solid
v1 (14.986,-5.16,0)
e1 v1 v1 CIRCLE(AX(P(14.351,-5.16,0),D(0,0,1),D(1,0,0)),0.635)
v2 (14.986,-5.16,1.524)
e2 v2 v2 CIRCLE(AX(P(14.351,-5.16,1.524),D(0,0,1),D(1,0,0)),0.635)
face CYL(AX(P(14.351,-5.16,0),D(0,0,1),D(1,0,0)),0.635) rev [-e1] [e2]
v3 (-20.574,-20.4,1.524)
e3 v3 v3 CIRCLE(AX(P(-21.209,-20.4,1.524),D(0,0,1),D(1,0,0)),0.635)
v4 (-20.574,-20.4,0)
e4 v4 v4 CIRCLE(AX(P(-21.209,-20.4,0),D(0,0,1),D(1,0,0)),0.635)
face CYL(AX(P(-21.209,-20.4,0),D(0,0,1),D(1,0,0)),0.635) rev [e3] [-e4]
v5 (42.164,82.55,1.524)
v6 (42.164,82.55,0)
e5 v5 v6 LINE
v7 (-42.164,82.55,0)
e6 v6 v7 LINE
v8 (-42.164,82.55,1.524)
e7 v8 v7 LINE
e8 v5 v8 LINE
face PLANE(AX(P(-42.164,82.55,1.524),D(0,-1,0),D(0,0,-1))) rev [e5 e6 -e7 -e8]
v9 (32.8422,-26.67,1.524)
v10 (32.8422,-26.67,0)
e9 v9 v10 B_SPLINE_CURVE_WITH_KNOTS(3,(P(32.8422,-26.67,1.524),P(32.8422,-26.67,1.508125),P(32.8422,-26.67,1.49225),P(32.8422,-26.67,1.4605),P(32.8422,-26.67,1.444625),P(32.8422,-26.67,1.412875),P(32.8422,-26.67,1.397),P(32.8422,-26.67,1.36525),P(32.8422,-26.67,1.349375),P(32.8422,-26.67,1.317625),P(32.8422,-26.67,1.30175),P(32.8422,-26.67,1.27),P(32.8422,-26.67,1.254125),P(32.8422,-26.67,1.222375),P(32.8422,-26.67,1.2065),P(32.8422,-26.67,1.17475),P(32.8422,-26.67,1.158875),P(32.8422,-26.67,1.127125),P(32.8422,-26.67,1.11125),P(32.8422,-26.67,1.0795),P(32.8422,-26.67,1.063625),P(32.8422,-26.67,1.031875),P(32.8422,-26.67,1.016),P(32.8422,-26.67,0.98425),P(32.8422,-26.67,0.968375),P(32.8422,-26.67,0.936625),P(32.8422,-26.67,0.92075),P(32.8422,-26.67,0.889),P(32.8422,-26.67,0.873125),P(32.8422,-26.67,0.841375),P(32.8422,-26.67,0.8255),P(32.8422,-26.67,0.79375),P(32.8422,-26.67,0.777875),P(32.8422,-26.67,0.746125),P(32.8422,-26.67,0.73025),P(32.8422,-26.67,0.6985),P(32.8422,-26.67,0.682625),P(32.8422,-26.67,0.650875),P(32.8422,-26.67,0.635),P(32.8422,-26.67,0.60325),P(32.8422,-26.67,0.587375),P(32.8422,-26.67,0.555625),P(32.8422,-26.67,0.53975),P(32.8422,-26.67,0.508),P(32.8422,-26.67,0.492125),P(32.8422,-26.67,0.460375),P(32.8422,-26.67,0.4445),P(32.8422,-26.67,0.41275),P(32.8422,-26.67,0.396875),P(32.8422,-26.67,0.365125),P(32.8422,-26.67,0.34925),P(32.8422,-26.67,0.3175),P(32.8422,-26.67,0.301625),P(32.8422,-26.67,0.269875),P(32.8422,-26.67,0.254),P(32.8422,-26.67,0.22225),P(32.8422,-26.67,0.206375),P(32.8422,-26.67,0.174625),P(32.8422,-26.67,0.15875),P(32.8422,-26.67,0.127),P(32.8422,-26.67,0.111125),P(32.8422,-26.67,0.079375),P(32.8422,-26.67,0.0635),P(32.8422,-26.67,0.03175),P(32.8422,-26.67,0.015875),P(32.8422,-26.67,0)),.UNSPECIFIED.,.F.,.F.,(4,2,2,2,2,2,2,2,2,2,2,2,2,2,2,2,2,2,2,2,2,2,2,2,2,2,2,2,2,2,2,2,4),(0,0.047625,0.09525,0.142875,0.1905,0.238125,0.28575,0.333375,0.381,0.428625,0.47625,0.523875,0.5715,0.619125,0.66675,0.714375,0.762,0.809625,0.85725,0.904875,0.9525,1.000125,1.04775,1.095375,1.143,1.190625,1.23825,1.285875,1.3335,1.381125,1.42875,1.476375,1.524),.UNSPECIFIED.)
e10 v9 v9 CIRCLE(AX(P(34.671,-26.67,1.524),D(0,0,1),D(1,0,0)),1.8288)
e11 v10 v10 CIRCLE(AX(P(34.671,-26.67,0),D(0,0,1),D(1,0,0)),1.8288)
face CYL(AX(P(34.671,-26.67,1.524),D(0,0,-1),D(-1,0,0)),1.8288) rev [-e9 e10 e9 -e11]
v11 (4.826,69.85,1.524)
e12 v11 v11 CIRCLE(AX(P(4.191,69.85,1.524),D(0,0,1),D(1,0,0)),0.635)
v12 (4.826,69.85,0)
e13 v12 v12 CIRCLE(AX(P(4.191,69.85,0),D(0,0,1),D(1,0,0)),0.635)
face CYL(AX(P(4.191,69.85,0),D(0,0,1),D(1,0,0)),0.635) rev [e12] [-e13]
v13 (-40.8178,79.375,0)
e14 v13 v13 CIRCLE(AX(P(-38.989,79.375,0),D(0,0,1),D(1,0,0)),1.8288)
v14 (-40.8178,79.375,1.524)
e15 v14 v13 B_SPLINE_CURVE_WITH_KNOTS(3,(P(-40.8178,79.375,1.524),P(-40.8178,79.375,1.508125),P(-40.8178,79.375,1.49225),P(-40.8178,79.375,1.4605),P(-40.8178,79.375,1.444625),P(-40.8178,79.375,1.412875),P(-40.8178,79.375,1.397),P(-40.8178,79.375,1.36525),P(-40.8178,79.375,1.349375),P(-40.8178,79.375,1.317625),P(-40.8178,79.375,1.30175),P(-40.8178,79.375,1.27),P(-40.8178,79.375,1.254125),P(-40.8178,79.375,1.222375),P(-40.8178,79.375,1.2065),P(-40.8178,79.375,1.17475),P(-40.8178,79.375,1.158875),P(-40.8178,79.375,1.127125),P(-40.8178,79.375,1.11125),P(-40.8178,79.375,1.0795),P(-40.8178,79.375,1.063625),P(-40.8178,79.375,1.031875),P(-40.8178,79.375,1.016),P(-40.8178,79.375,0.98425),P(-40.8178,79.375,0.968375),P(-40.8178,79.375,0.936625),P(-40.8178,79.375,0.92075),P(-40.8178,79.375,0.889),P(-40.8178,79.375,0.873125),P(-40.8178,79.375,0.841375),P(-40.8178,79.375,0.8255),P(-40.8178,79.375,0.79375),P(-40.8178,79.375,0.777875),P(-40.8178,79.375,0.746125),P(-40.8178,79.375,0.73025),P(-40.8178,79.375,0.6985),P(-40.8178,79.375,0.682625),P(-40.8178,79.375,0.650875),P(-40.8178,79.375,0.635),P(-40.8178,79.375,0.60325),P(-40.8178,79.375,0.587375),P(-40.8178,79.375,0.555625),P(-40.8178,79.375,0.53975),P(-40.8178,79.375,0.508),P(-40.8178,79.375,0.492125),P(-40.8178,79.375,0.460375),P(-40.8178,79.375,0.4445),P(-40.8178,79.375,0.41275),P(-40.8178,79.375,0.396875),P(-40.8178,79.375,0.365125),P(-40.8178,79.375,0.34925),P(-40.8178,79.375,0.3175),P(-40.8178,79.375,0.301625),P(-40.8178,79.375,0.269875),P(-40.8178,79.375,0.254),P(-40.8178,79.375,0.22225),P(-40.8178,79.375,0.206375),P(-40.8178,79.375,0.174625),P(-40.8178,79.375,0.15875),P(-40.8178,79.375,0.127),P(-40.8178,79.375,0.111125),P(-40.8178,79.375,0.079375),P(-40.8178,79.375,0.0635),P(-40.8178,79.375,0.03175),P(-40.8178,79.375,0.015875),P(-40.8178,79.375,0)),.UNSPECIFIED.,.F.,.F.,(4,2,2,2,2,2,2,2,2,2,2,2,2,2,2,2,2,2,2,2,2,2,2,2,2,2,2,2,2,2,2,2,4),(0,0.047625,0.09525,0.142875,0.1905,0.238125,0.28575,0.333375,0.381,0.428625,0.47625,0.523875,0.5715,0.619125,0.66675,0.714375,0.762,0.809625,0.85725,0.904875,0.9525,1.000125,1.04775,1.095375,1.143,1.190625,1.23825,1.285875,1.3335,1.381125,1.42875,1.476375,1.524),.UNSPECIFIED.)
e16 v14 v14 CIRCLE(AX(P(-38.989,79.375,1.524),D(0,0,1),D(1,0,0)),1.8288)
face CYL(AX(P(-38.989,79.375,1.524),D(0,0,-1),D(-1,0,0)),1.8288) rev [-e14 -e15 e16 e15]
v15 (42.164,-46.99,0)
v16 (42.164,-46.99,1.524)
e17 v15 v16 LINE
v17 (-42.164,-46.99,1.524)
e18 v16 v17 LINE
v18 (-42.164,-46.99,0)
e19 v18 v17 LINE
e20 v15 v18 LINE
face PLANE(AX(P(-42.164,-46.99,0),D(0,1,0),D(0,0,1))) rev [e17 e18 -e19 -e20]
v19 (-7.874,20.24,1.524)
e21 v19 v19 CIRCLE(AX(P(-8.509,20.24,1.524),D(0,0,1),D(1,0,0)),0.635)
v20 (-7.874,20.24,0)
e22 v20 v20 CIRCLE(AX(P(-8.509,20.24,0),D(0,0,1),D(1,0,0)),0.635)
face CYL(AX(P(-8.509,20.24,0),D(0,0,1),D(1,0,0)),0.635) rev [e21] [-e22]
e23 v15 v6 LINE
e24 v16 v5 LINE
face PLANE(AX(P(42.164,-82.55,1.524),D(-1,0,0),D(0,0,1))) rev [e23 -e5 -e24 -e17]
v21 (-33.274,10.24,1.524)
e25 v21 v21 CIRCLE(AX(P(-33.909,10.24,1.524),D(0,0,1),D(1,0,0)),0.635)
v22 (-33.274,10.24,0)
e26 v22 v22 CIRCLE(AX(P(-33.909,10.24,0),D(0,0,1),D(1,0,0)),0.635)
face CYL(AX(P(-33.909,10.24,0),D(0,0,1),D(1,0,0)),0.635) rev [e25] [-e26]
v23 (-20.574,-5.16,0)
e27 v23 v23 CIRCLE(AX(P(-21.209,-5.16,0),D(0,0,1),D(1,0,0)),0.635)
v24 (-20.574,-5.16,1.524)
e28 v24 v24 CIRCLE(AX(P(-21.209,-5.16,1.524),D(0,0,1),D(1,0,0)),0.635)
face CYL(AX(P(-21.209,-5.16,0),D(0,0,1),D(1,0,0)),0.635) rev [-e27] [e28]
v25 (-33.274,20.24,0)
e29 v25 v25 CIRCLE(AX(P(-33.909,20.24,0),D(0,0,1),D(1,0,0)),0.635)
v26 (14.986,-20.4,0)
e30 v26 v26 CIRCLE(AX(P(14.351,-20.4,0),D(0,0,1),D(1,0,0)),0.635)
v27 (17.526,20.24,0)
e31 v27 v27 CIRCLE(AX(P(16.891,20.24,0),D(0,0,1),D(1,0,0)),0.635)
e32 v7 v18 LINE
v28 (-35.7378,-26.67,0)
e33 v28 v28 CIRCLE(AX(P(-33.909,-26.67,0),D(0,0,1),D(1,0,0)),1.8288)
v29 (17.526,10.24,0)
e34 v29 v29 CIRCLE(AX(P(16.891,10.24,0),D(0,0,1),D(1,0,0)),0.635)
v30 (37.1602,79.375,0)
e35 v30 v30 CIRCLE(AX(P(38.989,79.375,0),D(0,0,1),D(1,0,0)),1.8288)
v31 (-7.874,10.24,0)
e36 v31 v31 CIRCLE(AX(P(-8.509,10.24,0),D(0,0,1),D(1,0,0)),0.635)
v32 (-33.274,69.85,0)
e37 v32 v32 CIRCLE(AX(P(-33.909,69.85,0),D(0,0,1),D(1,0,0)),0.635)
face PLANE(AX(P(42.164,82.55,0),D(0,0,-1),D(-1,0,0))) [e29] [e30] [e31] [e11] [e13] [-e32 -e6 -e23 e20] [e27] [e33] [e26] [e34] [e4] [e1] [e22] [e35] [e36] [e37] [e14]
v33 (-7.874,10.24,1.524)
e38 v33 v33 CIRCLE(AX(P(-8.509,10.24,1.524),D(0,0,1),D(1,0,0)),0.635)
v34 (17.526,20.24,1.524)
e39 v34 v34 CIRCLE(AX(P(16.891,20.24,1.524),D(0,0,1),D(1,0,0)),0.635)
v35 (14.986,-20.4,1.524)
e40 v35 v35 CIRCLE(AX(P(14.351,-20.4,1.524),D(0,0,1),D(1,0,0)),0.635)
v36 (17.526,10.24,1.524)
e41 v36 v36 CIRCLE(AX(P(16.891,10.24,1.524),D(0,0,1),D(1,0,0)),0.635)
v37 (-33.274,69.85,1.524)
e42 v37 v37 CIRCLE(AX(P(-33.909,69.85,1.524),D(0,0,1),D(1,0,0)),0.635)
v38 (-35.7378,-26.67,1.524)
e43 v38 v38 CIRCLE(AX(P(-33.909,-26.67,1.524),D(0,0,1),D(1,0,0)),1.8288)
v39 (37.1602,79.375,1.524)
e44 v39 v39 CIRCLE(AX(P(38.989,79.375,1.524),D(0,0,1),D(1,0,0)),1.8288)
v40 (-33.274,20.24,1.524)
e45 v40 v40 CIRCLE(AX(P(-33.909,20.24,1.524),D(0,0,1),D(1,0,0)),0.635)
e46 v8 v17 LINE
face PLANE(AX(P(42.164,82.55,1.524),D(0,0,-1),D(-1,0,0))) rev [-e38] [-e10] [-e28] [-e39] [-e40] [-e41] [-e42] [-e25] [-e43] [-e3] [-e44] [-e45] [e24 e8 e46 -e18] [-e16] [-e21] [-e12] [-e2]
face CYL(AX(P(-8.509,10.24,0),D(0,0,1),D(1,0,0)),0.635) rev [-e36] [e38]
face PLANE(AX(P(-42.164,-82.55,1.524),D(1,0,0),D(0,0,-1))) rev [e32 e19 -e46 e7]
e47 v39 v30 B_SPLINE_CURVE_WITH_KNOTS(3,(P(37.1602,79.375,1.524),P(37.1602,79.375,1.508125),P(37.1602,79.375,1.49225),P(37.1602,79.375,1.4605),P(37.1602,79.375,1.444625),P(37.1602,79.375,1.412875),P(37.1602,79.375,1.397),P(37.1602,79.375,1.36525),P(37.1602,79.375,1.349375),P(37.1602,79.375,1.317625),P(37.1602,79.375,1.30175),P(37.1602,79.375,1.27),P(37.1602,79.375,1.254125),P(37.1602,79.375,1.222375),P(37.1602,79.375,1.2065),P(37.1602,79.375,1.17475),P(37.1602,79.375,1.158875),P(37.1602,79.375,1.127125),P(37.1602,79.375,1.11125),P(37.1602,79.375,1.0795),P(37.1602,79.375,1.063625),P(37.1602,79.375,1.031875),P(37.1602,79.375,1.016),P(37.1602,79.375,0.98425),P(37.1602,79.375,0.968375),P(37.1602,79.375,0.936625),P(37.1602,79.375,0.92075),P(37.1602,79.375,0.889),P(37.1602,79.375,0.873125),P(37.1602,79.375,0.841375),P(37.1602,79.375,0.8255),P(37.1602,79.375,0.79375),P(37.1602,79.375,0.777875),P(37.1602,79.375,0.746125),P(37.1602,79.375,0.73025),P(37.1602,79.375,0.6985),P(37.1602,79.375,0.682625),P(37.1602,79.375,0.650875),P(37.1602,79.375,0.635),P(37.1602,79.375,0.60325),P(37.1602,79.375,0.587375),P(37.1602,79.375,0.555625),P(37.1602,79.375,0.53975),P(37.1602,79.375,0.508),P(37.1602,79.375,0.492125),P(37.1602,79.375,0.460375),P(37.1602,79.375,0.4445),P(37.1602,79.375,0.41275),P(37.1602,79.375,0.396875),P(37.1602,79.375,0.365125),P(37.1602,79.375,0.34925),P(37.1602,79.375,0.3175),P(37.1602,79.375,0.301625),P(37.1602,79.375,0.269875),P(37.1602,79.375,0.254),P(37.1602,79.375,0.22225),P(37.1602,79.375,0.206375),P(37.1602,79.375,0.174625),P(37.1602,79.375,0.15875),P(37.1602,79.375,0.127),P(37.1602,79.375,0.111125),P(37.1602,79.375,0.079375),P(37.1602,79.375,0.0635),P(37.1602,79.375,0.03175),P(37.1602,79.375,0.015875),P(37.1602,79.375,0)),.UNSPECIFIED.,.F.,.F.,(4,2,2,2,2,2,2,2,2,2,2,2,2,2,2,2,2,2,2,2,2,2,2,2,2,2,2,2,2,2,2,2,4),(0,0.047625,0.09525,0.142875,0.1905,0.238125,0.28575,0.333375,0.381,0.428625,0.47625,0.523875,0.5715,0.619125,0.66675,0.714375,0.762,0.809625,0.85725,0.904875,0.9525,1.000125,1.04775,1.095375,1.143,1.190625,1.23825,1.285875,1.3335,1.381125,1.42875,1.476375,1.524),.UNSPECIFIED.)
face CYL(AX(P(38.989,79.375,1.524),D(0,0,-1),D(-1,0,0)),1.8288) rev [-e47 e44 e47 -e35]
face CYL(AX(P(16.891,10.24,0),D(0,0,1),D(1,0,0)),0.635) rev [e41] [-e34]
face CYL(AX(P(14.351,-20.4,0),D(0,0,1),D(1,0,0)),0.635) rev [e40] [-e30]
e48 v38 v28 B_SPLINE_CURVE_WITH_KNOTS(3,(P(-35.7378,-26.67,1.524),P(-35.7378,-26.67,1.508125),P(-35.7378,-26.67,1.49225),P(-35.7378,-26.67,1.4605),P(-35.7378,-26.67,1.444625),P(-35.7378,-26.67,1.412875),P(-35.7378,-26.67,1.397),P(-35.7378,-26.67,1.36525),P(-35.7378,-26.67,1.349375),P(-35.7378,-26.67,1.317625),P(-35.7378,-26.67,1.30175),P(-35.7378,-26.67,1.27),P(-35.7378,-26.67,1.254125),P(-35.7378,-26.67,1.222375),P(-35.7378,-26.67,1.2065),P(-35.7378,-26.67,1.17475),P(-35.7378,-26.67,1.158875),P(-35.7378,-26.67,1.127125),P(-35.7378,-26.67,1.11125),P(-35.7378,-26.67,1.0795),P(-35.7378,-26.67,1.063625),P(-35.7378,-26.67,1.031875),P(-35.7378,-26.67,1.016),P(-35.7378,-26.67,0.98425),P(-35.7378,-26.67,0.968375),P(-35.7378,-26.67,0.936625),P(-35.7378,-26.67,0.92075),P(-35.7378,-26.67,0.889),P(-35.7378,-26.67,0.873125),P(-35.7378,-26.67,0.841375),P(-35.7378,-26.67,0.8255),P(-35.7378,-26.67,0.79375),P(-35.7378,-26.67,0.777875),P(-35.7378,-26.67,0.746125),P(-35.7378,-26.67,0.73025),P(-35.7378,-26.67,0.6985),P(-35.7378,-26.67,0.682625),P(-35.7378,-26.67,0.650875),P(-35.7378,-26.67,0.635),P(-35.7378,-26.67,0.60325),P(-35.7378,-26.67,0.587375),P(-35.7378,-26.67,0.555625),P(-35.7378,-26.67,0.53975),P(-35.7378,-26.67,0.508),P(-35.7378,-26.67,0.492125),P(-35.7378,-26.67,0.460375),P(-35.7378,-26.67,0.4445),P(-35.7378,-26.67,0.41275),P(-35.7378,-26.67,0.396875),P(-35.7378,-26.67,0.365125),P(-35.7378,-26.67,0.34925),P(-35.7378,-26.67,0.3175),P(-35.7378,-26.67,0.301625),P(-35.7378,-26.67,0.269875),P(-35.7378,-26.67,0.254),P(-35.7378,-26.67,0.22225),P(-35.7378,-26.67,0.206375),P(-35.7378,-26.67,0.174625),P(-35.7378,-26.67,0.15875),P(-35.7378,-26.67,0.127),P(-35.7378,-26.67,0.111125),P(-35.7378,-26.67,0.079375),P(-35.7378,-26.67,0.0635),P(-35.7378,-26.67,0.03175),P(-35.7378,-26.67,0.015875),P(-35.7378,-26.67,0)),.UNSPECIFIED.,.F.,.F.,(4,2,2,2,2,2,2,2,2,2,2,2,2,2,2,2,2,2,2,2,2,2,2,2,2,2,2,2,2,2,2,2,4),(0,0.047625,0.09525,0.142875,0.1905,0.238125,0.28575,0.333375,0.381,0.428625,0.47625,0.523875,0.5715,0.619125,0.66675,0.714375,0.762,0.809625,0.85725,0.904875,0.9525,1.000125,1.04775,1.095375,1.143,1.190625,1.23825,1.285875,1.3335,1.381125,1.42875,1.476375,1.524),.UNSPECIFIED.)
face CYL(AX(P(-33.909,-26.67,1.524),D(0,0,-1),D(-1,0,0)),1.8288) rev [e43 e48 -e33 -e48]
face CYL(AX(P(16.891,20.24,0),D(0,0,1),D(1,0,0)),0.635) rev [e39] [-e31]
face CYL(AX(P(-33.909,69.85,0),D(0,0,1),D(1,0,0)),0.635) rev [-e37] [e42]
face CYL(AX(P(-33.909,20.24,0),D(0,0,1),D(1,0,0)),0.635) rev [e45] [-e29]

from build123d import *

# Parameters (mm, degrees)
SKETCH1_W                  = 84.328
SKETCH1_H                  = 165.1
SKETCH1_R                  = 1.8288
EXTRUDE1_DEPTH             = 1.524
SKETCH3_R                  = 0.635
LCD_HOLES_DEPTH            = 93.707216397
SKETCH4_R                  = 0.635
POT_HOLES_DEPTH            = 93.707216397
SKETCH5_R                  = 0.635
ARDUINO_HEADER_HOLES_DEPTH = 93.707216397
SKETCH6_W                  = 84.328
SKETCH6_H                  = 35.56
CUT_EXTRUDE1_DEPTH         = 93.707216397


with BuildPart() as part:
    # Sketch1 → Extrude1 (new body)
    with BuildSketch(Plane.XY):
        Rectangle(SKETCH1_W, SKETCH1_H)
        with Locations(Location((-38.989, 79.375, 0), (0, 0, 180))):
            Circle(SKETCH1_R, mode=Mode.SUBTRACT)
        with Locations(Location((38.989, 79.375, 0), (0, 0, 180))):
            Circle(SKETCH1_R, mode=Mode.SUBTRACT)
        with Locations(Location((-38.989, -79.375, 0), (0, 0, 180))):
            Circle(SKETCH1_R, mode=Mode.SUBTRACT)
        with Locations(Location((38.989, -79.375, 0), (0, 0, 180))):
            Circle(SKETCH1_R, mode=Mode.SUBTRACT)
        with Locations(Location((-33.909, -26.67, 0), (0, 0, 180))):
            Circle(SKETCH1_R, mode=Mode.SUBTRACT)
        with Locations(Location((34.671, -26.67, 0), (0, 0, 180))):
            Circle(SKETCH1_R, mode=Mode.SUBTRACT)
    extrude(amount=EXTRUDE1_DEPTH)

    # Sketch3 → LCD holes (cut, through all)
    with BuildSketch(Plane.XY.offset(1.524)):
        with Locations((-33.909, 69.85)):
            Circle(SKETCH3_R)
        with Locations((4.191, 69.85)):
            Circle(SKETCH3_R)
    extrude(amount=-LCD_HOLES_DEPTH, mode=Mode.SUBTRACT)

    # Sketch4 → Pot Holes (cut, through all)
    with BuildSketch(Plane.XY.offset(1.524)):
        with Locations((-33.909, 20.24)):
            Circle(SKETCH4_R)
        with Locations((-33.909, 10.24)):
            Circle(SKETCH4_R)
        with Locations((-8.509, 10.24)):
            Circle(SKETCH4_R)
        with Locations((-8.509, 20.24)):
            Circle(SKETCH4_R)
        with Locations((16.891, 10.24)):
            Circle(SKETCH4_R)
        with Locations((16.891, 20.24)):
            Circle(SKETCH4_R)
    extrude(amount=-POT_HOLES_DEPTH, mode=Mode.SUBTRACT)

    # Sketch5 → Arduino Header holes (cut, through all)
    with BuildSketch(Plane.XY.offset(1.524)):
        with Locations((-21.209, -5.16)):
            Circle(SKETCH5_R)
        with Locations((14.351, -5.16)):
            Circle(SKETCH5_R)
        with Locations((-21.209, -20.4)):
            Circle(SKETCH5_R)
        with Locations((14.351, -20.4)):
            Circle(SKETCH5_R)
    extrude(amount=-ARDUINO_HEADER_HOLES_DEPTH, mode=Mode.SUBTRACT)

    # Sketch6 → Cut-Extrude1 (cut, through all)
    with BuildSketch(Plane.XY.offset(1.524)):
        with Locations((0, -64.77)):
            Rectangle(SKETCH6_W, SKETCH6_H)
    extrude(amount=-CUT_EXTRUDE1_DEPTH, mode=Mode.SUBTRACT)


solid = part.part
